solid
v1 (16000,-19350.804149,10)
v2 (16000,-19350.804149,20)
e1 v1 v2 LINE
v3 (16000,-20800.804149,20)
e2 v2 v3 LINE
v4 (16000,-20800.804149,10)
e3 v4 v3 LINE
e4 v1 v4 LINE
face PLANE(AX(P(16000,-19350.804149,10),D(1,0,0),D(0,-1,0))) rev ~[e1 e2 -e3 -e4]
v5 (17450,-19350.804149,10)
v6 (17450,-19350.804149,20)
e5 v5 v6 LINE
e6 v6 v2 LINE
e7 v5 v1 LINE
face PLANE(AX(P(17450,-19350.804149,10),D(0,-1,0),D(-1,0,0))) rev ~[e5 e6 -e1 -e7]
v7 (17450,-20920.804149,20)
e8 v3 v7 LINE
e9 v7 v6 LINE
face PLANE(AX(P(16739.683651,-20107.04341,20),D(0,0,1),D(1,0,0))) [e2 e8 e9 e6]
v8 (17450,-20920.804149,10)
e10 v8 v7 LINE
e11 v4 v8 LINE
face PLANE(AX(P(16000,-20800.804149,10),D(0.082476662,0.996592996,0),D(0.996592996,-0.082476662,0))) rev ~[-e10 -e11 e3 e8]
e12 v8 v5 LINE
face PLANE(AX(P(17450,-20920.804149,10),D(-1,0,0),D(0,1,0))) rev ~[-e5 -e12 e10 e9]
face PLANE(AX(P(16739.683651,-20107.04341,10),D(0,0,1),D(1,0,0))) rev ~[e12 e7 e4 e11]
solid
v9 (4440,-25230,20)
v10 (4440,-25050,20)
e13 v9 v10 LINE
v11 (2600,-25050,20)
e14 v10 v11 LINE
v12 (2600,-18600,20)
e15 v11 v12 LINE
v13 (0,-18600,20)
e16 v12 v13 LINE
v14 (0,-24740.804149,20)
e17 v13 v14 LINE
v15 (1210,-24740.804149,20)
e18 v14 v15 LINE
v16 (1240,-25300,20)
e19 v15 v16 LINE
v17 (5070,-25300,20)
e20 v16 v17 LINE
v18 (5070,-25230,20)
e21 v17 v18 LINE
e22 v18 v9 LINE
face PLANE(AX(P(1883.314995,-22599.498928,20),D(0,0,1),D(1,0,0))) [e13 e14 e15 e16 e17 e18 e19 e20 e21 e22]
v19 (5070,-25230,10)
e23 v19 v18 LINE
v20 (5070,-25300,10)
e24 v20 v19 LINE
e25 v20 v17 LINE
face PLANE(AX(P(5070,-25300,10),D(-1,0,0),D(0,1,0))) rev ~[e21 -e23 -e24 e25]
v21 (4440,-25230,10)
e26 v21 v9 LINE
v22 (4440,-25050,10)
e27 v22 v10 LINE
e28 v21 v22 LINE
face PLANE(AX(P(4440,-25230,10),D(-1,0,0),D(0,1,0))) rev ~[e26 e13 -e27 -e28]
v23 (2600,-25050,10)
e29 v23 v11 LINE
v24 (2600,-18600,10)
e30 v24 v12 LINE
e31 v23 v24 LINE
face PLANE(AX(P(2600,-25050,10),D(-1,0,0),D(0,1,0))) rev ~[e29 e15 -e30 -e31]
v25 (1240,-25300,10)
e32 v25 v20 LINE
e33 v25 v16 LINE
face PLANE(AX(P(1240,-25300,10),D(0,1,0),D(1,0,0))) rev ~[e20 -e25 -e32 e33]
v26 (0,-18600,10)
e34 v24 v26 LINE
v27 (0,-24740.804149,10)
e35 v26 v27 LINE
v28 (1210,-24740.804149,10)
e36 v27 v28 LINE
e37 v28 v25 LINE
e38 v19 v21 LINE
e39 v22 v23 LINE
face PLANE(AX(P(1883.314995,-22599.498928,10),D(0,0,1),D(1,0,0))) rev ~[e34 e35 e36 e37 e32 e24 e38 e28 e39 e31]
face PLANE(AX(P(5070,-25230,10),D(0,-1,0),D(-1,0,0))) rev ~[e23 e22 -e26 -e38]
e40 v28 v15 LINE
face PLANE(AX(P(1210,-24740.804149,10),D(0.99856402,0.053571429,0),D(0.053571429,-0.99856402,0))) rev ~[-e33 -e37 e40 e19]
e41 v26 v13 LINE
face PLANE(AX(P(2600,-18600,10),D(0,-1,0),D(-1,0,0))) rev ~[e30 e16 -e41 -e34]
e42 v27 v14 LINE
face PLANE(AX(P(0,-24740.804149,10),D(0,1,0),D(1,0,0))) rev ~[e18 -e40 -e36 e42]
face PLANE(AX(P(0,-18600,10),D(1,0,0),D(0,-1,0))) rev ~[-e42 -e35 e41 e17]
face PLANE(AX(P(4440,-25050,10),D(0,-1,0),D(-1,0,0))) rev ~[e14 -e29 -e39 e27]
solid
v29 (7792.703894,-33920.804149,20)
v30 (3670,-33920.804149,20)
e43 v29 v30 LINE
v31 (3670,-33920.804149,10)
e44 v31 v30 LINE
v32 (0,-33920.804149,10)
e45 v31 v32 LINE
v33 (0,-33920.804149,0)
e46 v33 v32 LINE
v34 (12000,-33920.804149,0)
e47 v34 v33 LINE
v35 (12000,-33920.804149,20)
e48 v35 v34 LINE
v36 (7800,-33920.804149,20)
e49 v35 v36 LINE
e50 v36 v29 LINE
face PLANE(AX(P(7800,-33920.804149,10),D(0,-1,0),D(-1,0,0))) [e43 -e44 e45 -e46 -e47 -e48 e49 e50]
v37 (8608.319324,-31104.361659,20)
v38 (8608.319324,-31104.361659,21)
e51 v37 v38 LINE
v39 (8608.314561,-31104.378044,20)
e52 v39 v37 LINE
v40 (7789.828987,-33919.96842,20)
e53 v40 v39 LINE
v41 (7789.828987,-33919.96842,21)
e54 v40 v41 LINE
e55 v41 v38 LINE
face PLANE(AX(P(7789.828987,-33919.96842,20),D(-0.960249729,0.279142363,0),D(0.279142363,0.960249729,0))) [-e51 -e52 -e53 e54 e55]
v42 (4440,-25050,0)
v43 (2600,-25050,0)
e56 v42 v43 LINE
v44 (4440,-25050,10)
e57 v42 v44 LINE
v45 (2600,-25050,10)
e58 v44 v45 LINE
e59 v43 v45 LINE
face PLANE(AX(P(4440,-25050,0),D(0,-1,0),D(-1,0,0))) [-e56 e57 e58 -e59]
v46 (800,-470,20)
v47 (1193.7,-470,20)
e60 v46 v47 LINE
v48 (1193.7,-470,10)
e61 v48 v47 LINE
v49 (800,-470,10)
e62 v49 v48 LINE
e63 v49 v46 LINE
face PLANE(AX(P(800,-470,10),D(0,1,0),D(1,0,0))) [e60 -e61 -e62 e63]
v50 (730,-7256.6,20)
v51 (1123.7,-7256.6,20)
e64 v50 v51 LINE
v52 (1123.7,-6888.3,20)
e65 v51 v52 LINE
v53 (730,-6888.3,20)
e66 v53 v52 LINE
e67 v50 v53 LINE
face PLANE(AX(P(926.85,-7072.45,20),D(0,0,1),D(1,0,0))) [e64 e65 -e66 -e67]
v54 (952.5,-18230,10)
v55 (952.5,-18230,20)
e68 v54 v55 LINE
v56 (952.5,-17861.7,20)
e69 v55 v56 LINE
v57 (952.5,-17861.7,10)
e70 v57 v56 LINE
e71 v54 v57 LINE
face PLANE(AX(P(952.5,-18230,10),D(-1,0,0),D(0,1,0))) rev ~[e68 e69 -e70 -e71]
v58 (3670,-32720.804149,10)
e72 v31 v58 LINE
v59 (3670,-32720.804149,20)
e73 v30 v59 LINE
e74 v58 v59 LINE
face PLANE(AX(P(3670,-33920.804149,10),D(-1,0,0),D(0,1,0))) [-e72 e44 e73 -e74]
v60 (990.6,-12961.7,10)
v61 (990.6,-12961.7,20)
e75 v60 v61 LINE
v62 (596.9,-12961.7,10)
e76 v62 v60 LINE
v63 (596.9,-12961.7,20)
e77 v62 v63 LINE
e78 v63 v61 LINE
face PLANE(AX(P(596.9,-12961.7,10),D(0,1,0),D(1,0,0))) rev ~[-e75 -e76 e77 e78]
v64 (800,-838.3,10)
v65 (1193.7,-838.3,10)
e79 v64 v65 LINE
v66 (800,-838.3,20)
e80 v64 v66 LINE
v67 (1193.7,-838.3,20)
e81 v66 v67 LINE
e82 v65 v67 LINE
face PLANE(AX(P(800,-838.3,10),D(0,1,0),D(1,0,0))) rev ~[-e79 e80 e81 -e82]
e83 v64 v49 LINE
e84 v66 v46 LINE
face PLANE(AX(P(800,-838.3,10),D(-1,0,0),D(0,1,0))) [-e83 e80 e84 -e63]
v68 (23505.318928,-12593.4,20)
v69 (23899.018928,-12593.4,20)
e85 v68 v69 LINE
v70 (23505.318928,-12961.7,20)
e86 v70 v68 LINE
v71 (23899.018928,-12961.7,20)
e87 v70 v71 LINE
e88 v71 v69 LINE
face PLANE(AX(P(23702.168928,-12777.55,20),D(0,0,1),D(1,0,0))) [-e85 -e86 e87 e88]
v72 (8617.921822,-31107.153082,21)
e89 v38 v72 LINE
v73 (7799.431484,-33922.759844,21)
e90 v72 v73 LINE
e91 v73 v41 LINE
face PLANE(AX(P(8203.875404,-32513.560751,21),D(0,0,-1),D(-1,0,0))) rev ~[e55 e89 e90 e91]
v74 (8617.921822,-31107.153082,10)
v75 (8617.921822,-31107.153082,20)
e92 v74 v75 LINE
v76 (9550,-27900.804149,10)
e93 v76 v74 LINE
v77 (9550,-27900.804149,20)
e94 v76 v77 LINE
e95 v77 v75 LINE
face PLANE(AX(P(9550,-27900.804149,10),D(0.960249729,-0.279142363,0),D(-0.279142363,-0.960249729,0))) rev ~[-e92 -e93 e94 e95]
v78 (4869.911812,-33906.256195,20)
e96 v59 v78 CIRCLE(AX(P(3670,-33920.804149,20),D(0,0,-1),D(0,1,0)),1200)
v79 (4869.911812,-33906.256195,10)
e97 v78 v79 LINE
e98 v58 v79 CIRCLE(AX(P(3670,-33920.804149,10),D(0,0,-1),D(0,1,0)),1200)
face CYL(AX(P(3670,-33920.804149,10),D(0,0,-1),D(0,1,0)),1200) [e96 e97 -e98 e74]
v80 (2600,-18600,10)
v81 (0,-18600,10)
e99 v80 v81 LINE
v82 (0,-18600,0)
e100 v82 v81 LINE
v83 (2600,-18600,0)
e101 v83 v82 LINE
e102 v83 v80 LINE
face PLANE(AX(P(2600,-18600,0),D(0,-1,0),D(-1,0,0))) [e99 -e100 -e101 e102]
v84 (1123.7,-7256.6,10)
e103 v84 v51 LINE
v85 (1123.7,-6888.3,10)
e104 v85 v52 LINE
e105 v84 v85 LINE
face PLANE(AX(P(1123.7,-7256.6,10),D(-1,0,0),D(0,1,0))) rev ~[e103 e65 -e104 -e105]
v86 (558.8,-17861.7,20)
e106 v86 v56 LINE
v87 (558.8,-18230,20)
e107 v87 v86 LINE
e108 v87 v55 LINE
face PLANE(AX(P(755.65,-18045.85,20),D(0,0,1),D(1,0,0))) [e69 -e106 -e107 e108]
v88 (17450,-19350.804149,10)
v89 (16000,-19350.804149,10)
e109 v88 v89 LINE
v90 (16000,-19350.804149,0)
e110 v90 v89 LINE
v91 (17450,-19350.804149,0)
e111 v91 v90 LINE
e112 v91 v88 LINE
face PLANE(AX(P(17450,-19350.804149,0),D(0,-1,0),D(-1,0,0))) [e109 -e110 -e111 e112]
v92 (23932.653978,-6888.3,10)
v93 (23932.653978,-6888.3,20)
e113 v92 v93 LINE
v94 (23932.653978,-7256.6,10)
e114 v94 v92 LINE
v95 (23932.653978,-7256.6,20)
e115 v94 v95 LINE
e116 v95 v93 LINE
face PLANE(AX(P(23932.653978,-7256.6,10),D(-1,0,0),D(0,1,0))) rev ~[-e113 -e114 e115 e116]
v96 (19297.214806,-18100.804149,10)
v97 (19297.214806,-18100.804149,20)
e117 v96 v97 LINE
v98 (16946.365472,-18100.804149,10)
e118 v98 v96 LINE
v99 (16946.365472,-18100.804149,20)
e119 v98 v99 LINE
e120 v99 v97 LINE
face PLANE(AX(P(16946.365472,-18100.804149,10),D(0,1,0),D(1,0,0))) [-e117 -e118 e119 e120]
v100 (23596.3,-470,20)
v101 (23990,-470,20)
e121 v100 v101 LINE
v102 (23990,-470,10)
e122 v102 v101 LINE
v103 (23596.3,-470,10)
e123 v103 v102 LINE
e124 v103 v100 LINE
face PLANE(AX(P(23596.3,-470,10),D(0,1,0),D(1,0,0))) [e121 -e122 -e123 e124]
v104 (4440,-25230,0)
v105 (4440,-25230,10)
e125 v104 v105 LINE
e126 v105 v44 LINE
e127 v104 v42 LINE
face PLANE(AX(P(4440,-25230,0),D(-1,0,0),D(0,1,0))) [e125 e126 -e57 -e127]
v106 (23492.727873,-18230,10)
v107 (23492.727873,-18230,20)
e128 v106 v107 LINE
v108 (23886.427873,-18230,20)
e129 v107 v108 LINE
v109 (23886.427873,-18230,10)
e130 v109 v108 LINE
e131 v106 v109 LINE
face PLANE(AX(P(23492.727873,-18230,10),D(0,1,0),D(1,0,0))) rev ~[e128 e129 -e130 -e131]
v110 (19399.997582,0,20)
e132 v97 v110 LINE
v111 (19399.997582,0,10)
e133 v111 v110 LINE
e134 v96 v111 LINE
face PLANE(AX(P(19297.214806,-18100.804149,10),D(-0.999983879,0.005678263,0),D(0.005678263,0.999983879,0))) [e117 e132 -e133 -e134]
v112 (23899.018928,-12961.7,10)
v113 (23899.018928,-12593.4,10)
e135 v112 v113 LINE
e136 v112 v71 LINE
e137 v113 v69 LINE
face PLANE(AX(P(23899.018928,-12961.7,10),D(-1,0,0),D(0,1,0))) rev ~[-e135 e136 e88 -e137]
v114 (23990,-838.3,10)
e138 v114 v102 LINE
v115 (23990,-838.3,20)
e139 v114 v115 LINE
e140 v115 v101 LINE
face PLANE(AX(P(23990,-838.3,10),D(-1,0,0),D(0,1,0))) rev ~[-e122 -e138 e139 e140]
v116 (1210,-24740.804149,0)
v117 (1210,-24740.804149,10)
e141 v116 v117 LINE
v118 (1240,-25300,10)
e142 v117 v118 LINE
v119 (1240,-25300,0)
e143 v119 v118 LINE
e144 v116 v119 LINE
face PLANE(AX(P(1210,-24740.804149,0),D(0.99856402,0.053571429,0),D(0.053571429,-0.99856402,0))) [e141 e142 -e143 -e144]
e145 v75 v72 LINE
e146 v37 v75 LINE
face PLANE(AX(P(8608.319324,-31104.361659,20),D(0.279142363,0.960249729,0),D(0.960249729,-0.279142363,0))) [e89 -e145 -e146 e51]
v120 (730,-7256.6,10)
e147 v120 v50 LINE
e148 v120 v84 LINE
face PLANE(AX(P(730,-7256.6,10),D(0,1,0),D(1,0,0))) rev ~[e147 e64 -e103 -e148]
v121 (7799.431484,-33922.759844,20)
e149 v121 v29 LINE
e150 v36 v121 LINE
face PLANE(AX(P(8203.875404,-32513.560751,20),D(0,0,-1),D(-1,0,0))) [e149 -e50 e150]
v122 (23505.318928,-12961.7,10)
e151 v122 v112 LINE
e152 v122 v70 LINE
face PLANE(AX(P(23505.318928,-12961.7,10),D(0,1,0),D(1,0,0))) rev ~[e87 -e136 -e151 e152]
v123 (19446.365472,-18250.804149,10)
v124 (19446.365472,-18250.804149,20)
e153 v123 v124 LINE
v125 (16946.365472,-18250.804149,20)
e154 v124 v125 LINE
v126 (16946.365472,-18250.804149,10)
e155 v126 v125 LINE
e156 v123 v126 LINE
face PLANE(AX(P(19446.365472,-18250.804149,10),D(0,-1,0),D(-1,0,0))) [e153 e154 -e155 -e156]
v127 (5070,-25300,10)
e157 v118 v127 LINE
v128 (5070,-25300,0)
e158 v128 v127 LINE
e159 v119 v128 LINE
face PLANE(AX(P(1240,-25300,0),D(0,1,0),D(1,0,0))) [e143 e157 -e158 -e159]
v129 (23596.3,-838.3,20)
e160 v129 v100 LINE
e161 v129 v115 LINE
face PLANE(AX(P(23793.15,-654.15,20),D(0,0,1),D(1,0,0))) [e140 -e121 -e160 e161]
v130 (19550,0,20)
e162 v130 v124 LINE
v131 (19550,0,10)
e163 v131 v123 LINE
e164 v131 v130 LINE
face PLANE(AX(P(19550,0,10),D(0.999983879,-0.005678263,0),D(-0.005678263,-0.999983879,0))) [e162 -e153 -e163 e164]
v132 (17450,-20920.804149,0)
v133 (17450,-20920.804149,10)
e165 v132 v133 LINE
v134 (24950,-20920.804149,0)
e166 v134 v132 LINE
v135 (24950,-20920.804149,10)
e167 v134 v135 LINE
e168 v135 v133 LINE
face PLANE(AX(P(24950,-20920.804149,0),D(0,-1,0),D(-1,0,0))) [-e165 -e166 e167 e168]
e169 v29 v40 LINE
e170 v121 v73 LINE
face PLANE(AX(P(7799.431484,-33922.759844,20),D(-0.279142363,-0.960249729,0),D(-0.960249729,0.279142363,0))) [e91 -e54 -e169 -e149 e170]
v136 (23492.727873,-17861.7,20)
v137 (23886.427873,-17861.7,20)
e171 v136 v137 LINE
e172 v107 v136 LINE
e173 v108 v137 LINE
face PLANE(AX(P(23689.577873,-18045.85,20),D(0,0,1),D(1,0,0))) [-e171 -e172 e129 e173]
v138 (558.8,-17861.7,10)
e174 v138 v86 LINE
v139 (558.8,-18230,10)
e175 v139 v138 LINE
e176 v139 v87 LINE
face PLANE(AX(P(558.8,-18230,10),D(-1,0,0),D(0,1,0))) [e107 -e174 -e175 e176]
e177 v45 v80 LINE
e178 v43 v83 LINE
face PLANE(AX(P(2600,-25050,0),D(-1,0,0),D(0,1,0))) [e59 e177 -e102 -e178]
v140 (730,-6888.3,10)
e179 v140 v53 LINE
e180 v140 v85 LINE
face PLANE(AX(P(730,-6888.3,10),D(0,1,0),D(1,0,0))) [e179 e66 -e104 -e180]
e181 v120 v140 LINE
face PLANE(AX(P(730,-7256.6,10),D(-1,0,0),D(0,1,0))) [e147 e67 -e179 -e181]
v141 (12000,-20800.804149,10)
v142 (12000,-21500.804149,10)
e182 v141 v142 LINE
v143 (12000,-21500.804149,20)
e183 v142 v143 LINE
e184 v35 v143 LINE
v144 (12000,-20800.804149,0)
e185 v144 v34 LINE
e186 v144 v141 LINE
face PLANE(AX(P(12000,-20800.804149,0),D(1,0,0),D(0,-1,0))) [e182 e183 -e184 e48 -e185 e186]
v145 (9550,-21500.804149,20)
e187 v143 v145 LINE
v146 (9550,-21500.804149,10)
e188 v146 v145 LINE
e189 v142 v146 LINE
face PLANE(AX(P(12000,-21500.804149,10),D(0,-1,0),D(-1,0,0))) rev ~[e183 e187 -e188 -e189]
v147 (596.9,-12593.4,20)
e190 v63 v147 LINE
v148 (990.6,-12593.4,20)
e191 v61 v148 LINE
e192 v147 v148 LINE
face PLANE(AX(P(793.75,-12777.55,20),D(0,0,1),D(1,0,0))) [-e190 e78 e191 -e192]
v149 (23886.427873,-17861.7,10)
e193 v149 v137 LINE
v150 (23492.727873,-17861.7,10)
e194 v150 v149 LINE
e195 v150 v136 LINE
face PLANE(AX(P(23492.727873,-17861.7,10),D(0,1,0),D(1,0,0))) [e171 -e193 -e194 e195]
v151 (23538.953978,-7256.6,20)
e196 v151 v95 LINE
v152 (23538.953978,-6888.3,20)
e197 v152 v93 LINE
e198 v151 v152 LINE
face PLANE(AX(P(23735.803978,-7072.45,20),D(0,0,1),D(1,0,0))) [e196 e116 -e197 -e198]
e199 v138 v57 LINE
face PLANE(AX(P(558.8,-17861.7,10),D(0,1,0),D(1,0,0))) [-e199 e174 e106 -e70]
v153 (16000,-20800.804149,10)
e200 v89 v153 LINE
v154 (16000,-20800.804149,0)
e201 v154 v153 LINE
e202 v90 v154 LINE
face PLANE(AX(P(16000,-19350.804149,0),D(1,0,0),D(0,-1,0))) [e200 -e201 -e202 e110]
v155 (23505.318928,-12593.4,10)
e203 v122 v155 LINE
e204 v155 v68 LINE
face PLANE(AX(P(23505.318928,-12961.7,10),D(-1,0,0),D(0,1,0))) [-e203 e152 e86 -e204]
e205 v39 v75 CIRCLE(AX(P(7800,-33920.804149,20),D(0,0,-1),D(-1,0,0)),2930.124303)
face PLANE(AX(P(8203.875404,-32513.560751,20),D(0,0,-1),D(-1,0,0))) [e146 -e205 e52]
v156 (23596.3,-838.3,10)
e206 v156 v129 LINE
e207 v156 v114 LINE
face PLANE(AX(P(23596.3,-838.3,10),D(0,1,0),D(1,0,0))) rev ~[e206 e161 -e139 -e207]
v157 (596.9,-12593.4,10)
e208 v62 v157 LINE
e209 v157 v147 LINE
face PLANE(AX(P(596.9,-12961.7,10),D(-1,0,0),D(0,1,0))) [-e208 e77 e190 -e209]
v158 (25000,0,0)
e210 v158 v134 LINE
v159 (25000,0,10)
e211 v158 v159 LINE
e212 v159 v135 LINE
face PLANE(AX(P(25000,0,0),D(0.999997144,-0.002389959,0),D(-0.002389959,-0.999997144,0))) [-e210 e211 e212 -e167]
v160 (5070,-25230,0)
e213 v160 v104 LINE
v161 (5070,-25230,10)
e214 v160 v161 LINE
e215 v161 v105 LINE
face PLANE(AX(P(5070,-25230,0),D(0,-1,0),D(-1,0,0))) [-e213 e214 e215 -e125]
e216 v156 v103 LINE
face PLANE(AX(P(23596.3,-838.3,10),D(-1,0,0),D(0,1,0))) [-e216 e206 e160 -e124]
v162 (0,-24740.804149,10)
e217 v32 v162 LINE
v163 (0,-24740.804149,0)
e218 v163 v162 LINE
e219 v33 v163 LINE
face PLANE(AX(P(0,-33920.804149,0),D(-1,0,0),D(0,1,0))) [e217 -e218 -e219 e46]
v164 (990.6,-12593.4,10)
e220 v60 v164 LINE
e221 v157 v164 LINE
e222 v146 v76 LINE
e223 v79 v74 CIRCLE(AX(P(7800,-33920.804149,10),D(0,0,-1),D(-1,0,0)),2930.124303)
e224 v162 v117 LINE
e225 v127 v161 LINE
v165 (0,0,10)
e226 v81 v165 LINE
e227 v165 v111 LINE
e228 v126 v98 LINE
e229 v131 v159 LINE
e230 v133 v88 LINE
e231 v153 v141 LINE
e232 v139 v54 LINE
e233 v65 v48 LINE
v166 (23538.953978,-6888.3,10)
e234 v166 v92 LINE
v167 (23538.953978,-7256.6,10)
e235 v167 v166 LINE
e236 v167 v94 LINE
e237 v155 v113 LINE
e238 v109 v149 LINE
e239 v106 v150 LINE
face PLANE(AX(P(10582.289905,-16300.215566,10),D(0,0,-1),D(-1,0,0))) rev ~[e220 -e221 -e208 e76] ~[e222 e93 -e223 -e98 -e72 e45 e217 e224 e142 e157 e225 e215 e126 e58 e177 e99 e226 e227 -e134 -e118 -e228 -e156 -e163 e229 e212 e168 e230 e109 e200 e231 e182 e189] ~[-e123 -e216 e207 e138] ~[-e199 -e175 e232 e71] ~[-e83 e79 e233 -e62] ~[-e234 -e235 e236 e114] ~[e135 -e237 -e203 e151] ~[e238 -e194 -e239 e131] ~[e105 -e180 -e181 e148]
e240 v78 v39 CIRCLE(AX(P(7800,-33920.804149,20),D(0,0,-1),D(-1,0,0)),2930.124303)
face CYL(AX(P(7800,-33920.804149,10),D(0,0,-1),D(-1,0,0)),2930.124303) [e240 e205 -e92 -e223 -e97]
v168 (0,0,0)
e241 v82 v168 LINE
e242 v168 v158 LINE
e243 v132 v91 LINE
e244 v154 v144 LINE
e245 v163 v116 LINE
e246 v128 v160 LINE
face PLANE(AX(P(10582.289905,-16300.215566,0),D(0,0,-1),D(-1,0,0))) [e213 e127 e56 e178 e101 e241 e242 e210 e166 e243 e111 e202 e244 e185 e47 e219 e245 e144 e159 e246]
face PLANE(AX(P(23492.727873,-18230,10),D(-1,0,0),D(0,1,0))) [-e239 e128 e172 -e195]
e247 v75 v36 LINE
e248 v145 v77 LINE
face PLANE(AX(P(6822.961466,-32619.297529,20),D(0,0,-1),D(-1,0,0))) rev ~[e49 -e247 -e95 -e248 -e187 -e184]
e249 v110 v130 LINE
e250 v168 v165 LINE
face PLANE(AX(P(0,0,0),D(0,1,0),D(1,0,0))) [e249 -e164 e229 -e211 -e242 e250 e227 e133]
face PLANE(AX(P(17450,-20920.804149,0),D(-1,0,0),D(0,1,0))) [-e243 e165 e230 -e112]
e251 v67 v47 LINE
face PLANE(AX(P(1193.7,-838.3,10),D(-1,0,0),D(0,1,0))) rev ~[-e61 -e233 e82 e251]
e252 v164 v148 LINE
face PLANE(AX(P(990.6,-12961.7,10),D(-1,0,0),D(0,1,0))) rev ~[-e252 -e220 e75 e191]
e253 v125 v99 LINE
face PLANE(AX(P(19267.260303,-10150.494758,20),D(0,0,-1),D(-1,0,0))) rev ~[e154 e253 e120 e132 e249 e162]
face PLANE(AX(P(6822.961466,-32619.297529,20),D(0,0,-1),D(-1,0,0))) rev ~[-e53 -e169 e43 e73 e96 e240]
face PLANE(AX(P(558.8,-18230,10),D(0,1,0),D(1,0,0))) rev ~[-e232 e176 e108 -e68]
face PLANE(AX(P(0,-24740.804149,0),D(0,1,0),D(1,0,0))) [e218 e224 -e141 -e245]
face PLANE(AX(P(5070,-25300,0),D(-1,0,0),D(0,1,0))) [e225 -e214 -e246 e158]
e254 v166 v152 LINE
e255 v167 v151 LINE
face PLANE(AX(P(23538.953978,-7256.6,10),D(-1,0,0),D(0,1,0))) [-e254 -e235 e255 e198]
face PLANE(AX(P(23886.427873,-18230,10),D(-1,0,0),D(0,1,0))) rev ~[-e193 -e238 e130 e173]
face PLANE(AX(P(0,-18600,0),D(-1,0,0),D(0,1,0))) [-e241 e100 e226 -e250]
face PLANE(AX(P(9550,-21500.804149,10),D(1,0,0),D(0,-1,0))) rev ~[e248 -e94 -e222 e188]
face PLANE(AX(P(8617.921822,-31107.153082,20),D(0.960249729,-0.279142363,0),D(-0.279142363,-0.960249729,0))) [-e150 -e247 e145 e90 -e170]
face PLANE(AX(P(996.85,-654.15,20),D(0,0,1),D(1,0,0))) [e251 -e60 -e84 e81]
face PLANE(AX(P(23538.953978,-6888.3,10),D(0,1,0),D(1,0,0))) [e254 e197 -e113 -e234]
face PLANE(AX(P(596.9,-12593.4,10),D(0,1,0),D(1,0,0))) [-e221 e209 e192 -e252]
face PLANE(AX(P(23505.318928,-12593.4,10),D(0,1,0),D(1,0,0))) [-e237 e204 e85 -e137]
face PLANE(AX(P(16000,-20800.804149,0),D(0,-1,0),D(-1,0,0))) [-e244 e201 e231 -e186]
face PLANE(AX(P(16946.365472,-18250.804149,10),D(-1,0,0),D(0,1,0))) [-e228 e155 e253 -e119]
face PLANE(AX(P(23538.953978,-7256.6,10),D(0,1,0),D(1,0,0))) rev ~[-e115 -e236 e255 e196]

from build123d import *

# Parameters (mm, degrees)
SALIENTE_EXTRUIR1_DEPTH = 10
CROQUIS2_W              = 393.7
CROQUIS2_H              = 368.3
SALIENTE_EXTRUIR2_DEPTH = 10
SALIENTE_EXTRUIR7_DEPTH = 10
EXTRUIR_L_MINA5_DEPTH   = 1


with BuildPart() as part:
    # Croquis1 → Saliente-Extruir1 (new body)
    with BuildSketch(Plane.XY):
        Polygon((0, 0), (25000, 0), (24950, -20920.804148799), (17450, -20920.804148799), (17450, -19350.804148799), (16000, -19350.804148799), (16000, -20800.804148799), (12000, -20800.804148799), (12000, -33920.804148799), (0, -33920.804148799), (0, -24740.804148799), (1210, -24740.804148799), (1240, -25300), (5070, -25300), (5070, -25230), (4440, -25230), (4440, -25050), (2600, -25050), (2600, -18600), (0, -18600), align=None)
    extrude(amount=SALIENTE_EXTRUIR1_DEPTH)

    # Croquis2 → Saliente-Extruir2 (add)
    with BuildSketch(Plane.XY.offset(10)):
        with Locations((996.85, -654.15)):
            Rectangle(CROQUIS2_W, CROQUIS2_H)
        with Locations((926.85, -7072.45)):
            Rectangle(CROQUIS2_W, CROQUIS2_H)
        with Locations((755.65, -18045.85)):
            Rectangle(CROQUIS2_W, CROQUIS2_H)
        with Locations((793.75, -12777.55)):
            Rectangle(CROQUIS2_W, CROQUIS2_H)
        Polygon((19446.365471508, -18250.804148799), (16946.365471508, -18250.804148799), (16946.365471508, -18100.804148799), (19297.214806363, -18100.804148799), (19399.997581742, 0), (19550, 0), align=None)
        Polygon((16000, -20800.804148799), (17450, -20920.804148799), (17450, -19350.804148799), (16000, -19350.804148799), align=None)
        Polygon((12000, -21500.804148799), (9550, -21500.804148799), (9550, -27900.804148799), (7800, -33920.804148799), (12000, -33920.804148799), (12000, -27900.804148799), align=None)
        with BuildLine():
            Line((3670, -33920.804148799), (3670, -32720.804148799))
            ThreePointArc((3670, -32720.804148799), (4518.528137424, -33072.276011376), (4870, -33920.804148799))
            Line((4870, -33920.804148799), (3670, -33920.804148799))
        make_face()
        Polygon((0, -18600), (0, -24740.804148799), (1210, -24740.804148799), (1240, -25300), (5070, -25300), (5070, -25230), (4440, -25230), (4440, -25050), (2600, -25050), (2600, -18600), align=None)
        with Locations((23793.15, -654.15)):
            Rectangle(CROQUIS2_W, CROQUIS2_H)
        with Locations((23735.803977642, -7072.45)):
            Rectangle(CROQUIS2_W, CROQUIS2_H)
        with Locations((23702.168928389, -12777.55)):
            Rectangle(CROQUIS2_W, CROQUIS2_H)
        with Locations((23689.577873183, -18045.85)):
            Rectangle(CROQUIS2_W, CROQUIS2_H)
    extrude(amount=SALIENTE_EXTRUIR2_DEPTH)

    # Croquis3 → Saliente-Extruir7 (add)
    with BuildSketch(Plane.XY.offset(10)):
        with BuildLine():
            Line((7800, -33920.804148799), (4869.875696963, -33920.804148799))
            ThreePointArc((4869.875696963, -33920.804148799), (6040.878653489, -31577.490145193), (8617.921821699, -31107.153082154))
            Line((8617.921821699, -31107.153082154), (7800, -33920.804148799))
        make_face()
    extrude(amount=SALIENTE_EXTRUIR7_DEPTH)

    # Croquis4 → Extruir-Lámina5 (add)
    with BuildSketch(Plane.XY.offset(20)):
        Polygon((8617.921821699, -31107.153082154), (7799.43148405, -33922.759843667), (7789.828986765, -33919.968420037), (8608.319324414, -31104.361658524), align=None)
    extrude(amount=EXTRUIR_L_MINA5_DEPTH)


solid = part.part
